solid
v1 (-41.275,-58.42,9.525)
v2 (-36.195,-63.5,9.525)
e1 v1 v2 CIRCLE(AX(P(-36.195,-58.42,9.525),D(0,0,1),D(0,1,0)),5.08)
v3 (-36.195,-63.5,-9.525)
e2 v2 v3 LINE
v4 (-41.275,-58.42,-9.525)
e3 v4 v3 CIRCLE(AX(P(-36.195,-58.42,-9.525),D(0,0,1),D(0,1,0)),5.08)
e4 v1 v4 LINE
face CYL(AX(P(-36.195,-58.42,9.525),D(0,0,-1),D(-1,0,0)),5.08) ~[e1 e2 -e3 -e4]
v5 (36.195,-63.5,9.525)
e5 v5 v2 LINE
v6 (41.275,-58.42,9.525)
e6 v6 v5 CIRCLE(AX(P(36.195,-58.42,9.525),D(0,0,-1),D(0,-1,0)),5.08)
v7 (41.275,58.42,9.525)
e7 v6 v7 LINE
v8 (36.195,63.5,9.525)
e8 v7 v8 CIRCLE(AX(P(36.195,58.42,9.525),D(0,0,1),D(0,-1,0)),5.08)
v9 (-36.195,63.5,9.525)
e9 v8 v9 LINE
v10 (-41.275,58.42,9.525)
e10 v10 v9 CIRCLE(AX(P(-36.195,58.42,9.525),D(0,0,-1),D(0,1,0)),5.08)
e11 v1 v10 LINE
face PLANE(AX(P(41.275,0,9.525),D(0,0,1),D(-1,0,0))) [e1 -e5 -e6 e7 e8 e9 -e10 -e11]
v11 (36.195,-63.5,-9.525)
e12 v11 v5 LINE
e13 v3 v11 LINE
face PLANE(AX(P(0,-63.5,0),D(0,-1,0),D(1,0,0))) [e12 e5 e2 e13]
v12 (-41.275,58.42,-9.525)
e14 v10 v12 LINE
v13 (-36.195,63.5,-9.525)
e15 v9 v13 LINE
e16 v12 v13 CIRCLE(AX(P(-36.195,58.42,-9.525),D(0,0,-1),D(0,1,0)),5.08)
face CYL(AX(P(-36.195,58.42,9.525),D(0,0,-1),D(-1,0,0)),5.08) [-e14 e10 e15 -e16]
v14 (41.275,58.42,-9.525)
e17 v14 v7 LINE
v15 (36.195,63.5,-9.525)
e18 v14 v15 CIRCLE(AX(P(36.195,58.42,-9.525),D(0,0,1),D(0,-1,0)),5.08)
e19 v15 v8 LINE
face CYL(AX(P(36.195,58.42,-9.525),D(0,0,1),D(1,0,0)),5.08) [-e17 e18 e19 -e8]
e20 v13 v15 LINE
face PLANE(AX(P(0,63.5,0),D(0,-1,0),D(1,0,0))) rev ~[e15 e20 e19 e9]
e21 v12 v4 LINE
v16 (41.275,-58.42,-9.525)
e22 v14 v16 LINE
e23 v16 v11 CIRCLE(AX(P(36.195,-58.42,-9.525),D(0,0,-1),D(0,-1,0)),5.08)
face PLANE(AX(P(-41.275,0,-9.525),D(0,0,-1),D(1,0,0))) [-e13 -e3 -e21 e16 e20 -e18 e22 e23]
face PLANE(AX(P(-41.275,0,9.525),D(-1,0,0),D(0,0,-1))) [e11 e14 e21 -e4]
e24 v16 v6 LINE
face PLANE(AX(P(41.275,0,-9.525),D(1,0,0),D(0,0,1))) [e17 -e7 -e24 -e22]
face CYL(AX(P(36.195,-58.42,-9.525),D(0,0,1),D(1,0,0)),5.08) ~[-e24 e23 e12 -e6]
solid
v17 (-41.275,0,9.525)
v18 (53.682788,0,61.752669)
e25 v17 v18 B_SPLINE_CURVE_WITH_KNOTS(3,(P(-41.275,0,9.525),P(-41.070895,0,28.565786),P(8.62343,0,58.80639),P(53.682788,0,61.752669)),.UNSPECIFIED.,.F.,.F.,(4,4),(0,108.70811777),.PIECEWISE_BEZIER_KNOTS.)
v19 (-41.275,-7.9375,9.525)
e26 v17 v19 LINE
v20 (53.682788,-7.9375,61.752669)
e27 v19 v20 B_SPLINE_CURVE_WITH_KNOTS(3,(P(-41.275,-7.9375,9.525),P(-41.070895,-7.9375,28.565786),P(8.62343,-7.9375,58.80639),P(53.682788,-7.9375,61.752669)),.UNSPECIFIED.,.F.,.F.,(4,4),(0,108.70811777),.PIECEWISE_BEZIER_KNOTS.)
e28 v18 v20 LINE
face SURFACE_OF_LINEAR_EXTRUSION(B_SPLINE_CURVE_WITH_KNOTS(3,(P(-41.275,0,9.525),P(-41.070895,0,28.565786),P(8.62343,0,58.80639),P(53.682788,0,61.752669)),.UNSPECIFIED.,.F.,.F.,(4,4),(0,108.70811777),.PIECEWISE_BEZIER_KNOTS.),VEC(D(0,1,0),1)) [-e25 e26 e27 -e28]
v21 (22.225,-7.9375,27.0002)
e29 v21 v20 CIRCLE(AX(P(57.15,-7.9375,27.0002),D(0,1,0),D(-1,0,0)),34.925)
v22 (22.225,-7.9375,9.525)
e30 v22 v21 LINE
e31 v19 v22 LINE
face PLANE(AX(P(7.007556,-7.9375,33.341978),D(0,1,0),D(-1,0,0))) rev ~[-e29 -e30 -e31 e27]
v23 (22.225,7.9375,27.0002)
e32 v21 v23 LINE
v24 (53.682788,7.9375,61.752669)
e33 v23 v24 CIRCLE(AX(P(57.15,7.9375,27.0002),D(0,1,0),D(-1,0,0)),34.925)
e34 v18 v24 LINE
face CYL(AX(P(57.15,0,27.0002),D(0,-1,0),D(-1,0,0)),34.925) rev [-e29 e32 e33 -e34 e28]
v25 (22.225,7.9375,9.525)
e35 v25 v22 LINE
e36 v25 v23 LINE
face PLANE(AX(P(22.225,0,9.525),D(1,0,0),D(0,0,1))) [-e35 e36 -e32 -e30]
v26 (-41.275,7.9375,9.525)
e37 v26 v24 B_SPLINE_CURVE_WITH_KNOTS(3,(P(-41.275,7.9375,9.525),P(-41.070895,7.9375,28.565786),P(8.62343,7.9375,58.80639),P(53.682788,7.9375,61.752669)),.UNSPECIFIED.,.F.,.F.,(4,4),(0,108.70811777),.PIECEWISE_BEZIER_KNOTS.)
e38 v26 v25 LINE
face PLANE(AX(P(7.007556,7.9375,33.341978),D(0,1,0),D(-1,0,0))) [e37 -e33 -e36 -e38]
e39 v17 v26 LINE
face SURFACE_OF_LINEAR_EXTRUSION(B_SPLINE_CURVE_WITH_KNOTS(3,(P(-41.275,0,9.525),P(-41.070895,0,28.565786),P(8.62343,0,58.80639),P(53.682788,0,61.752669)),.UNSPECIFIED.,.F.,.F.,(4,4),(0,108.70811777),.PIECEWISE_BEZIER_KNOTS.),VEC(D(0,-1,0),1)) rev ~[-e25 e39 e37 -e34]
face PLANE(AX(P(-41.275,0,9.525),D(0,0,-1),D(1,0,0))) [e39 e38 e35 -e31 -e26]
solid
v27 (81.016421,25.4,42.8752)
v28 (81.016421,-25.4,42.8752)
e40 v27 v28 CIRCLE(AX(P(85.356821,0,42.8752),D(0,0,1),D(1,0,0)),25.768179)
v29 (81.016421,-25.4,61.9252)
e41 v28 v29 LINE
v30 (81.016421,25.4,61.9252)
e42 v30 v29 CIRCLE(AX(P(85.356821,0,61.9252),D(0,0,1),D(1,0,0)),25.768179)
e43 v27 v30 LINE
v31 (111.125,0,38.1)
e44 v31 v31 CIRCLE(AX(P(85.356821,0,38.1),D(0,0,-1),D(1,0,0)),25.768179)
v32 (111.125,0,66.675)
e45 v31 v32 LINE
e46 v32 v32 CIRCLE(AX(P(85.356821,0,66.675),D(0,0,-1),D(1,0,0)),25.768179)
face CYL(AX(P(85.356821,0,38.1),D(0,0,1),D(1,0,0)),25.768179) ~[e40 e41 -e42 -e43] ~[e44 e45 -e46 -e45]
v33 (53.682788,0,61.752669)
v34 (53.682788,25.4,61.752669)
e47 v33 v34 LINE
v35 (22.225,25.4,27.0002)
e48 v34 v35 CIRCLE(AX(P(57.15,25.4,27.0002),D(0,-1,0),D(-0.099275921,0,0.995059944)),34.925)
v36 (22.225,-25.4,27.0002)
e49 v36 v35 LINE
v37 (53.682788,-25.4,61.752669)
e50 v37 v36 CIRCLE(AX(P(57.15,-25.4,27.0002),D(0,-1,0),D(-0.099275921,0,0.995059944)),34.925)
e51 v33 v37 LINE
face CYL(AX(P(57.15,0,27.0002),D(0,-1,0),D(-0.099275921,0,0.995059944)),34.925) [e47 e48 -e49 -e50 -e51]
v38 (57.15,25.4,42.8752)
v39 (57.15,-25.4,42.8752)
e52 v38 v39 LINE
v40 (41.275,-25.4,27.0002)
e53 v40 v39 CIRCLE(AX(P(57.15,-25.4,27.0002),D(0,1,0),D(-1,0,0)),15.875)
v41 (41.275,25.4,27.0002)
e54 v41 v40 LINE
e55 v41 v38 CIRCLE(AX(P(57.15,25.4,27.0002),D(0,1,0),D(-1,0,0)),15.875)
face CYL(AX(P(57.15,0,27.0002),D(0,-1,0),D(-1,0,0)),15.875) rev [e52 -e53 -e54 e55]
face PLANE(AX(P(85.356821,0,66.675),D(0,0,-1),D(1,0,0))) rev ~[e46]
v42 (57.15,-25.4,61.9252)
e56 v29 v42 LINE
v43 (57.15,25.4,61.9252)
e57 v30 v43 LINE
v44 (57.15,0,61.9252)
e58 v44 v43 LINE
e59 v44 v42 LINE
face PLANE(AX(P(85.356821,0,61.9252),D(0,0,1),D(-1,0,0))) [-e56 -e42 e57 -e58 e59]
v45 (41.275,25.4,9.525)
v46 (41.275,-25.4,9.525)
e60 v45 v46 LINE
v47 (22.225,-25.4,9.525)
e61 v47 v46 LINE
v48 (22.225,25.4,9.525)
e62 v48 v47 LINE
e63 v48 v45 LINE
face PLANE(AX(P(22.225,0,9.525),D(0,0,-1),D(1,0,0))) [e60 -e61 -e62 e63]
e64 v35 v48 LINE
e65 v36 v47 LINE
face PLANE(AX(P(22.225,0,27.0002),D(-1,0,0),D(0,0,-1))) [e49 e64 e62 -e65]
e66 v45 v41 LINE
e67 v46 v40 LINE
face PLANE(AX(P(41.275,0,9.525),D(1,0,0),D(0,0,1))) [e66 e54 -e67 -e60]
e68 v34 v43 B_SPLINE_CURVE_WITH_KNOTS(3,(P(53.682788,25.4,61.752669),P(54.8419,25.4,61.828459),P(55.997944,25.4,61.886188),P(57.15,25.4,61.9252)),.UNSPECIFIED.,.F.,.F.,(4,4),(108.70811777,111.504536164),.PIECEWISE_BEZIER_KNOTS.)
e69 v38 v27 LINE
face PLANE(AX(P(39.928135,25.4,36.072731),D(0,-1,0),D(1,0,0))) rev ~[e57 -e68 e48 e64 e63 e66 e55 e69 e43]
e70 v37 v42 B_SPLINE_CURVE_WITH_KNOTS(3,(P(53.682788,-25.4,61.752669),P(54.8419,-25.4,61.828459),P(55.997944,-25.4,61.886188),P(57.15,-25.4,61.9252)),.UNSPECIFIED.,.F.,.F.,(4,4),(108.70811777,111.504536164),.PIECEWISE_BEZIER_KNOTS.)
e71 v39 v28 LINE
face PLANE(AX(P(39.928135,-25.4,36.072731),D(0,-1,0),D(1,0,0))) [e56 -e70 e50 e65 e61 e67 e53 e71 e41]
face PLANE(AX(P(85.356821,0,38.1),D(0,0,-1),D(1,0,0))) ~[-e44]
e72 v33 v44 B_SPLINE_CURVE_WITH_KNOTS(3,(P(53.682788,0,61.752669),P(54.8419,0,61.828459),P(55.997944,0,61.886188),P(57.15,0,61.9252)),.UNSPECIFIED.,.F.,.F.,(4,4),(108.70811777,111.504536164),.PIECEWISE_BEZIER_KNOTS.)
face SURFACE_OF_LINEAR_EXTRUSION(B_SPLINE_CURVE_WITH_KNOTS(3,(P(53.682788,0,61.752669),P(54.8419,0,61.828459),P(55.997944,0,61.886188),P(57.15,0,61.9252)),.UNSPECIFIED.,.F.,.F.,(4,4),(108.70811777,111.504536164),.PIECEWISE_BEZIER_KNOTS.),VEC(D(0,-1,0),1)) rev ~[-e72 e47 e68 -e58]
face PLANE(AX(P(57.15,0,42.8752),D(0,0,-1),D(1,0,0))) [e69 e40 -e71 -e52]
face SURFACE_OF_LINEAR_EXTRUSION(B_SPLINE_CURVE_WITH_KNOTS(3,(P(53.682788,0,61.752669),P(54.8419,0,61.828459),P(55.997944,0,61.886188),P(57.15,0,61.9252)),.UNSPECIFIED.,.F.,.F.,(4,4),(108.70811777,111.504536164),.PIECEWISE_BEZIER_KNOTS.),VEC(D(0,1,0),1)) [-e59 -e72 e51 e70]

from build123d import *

# Parameters (mm, degrees)
F1_DEPTH = 63.5
F0_W     = 25.0318205603
F0_H     = 19.05
F2_DEPTH = 25.4
F3_DEPTH = 7.9375
F4_R     = 5.08


with BuildPart() as f1:
    # F0 (on Front) → F1 (new body, symmetric)
    with BuildSketch(Plane.XZ):
        Polygon((22.225, 9.525), (-41.275, 9.525), (-41.275, -9.525), (41.275, -9.525), (41.275, 9.525), align=None)
    extrude(amount=F1_DEPTH, both=True)

    # F4
    f4_edges = [f1.edges().sort_by_distance(p)[0] for p in [
        (-41.275, -63.5, 0),
        (41.275, -63.5, 0),
        (-41.275, 63.5, 0),
        (41.275, 63.5, 0),
    ]]
    fillet(f4_edges, radius=F4_R)


with BuildPart() as f2:
    # F0 (on Front) → F2 (new body, symmetric)
    with BuildSketch(Plane.XZ):
        with BuildLine():
            Line((22.225, 27.0002), (22.225, 9.525))
            Line((22.225, 9.525), (41.275, 9.525))
            Line((41.275, 9.525), (41.275, 27.0002))
            ThreePointArc((41.275, 27.0002), (45.9246798487, 38.2255201513), (57.15, 42.8752))
            Line((57.15, 42.8752), (60.325, 42.8752))
            Line((60.325, 42.8752), (60.325, 61.9252))
            Line((60.325, 61.9252), (57.15, 61.9252))
            add(Edge.make_bspline(
                [(53.6827884469, 61.7526685317), (54.8418998381, 61.8284588956), (55.9979441358, 61.8861878058), (57.15, 61.9252)],
                knots=[108.7081177701, 108.7081177701, 108.7081177701, 108.7081177701, 111.5045361635, 111.5045361635, 111.5045361635, 111.5045361635], degree=3))
            ThreePointArc((53.6827884469, 61.7526685317), (31.2574529209, 50.4380247872), (22.225, 27.0002))
        make_face()
        with Locations((72.8409102801, 52.4002)):
            Rectangle(F0_W, F0_H)
    extrude(amount=F2_DEPTH, both=True)

    # F0 (on Front) → F5 (revolve)
    with BuildSketch(Plane.XZ):
        Polygon((85.3568205603, 66.675), (85.3568205603, 61.9252), (85.3568205603, 42.8752), (85.3568205603, 38.1), (111.125, 38.1), (111.125, 66.675), align=None)
    revolve(axis=Axis((85.3568205603, 0, 52.3875), (0, 0, -1)))


with BuildPart() as f3:
    # F0 (on Front) → F3 (new body, symmetric)
    with BuildSketch(Plane.XZ):
        with BuildLine():
            add(Edge.make_bspline(
                [(-41.275, 9.525), (-41.0708948928, 28.5657864577), (8.6234304043, 58.8063898828), (53.6827884469, 61.7526685317)],
                knots=[0, 0, 0, 0, 108.7081177701, 108.7081177701, 108.7081177701, 108.7081177701], degree=3))
            Line((-41.275, 9.525), (22.225, 9.525))
            Line((22.225, 9.525), (22.225, 27.0002))
            ThreePointArc((22.225, 27.0002), (31.2574529209, 50.4380247872), (53.6827884469, 61.7526685317))
        make_face()
    extrude(amount=F3_DEPTH, both=True)


solid = Compound([f1.part, f2.part, f3.part])
